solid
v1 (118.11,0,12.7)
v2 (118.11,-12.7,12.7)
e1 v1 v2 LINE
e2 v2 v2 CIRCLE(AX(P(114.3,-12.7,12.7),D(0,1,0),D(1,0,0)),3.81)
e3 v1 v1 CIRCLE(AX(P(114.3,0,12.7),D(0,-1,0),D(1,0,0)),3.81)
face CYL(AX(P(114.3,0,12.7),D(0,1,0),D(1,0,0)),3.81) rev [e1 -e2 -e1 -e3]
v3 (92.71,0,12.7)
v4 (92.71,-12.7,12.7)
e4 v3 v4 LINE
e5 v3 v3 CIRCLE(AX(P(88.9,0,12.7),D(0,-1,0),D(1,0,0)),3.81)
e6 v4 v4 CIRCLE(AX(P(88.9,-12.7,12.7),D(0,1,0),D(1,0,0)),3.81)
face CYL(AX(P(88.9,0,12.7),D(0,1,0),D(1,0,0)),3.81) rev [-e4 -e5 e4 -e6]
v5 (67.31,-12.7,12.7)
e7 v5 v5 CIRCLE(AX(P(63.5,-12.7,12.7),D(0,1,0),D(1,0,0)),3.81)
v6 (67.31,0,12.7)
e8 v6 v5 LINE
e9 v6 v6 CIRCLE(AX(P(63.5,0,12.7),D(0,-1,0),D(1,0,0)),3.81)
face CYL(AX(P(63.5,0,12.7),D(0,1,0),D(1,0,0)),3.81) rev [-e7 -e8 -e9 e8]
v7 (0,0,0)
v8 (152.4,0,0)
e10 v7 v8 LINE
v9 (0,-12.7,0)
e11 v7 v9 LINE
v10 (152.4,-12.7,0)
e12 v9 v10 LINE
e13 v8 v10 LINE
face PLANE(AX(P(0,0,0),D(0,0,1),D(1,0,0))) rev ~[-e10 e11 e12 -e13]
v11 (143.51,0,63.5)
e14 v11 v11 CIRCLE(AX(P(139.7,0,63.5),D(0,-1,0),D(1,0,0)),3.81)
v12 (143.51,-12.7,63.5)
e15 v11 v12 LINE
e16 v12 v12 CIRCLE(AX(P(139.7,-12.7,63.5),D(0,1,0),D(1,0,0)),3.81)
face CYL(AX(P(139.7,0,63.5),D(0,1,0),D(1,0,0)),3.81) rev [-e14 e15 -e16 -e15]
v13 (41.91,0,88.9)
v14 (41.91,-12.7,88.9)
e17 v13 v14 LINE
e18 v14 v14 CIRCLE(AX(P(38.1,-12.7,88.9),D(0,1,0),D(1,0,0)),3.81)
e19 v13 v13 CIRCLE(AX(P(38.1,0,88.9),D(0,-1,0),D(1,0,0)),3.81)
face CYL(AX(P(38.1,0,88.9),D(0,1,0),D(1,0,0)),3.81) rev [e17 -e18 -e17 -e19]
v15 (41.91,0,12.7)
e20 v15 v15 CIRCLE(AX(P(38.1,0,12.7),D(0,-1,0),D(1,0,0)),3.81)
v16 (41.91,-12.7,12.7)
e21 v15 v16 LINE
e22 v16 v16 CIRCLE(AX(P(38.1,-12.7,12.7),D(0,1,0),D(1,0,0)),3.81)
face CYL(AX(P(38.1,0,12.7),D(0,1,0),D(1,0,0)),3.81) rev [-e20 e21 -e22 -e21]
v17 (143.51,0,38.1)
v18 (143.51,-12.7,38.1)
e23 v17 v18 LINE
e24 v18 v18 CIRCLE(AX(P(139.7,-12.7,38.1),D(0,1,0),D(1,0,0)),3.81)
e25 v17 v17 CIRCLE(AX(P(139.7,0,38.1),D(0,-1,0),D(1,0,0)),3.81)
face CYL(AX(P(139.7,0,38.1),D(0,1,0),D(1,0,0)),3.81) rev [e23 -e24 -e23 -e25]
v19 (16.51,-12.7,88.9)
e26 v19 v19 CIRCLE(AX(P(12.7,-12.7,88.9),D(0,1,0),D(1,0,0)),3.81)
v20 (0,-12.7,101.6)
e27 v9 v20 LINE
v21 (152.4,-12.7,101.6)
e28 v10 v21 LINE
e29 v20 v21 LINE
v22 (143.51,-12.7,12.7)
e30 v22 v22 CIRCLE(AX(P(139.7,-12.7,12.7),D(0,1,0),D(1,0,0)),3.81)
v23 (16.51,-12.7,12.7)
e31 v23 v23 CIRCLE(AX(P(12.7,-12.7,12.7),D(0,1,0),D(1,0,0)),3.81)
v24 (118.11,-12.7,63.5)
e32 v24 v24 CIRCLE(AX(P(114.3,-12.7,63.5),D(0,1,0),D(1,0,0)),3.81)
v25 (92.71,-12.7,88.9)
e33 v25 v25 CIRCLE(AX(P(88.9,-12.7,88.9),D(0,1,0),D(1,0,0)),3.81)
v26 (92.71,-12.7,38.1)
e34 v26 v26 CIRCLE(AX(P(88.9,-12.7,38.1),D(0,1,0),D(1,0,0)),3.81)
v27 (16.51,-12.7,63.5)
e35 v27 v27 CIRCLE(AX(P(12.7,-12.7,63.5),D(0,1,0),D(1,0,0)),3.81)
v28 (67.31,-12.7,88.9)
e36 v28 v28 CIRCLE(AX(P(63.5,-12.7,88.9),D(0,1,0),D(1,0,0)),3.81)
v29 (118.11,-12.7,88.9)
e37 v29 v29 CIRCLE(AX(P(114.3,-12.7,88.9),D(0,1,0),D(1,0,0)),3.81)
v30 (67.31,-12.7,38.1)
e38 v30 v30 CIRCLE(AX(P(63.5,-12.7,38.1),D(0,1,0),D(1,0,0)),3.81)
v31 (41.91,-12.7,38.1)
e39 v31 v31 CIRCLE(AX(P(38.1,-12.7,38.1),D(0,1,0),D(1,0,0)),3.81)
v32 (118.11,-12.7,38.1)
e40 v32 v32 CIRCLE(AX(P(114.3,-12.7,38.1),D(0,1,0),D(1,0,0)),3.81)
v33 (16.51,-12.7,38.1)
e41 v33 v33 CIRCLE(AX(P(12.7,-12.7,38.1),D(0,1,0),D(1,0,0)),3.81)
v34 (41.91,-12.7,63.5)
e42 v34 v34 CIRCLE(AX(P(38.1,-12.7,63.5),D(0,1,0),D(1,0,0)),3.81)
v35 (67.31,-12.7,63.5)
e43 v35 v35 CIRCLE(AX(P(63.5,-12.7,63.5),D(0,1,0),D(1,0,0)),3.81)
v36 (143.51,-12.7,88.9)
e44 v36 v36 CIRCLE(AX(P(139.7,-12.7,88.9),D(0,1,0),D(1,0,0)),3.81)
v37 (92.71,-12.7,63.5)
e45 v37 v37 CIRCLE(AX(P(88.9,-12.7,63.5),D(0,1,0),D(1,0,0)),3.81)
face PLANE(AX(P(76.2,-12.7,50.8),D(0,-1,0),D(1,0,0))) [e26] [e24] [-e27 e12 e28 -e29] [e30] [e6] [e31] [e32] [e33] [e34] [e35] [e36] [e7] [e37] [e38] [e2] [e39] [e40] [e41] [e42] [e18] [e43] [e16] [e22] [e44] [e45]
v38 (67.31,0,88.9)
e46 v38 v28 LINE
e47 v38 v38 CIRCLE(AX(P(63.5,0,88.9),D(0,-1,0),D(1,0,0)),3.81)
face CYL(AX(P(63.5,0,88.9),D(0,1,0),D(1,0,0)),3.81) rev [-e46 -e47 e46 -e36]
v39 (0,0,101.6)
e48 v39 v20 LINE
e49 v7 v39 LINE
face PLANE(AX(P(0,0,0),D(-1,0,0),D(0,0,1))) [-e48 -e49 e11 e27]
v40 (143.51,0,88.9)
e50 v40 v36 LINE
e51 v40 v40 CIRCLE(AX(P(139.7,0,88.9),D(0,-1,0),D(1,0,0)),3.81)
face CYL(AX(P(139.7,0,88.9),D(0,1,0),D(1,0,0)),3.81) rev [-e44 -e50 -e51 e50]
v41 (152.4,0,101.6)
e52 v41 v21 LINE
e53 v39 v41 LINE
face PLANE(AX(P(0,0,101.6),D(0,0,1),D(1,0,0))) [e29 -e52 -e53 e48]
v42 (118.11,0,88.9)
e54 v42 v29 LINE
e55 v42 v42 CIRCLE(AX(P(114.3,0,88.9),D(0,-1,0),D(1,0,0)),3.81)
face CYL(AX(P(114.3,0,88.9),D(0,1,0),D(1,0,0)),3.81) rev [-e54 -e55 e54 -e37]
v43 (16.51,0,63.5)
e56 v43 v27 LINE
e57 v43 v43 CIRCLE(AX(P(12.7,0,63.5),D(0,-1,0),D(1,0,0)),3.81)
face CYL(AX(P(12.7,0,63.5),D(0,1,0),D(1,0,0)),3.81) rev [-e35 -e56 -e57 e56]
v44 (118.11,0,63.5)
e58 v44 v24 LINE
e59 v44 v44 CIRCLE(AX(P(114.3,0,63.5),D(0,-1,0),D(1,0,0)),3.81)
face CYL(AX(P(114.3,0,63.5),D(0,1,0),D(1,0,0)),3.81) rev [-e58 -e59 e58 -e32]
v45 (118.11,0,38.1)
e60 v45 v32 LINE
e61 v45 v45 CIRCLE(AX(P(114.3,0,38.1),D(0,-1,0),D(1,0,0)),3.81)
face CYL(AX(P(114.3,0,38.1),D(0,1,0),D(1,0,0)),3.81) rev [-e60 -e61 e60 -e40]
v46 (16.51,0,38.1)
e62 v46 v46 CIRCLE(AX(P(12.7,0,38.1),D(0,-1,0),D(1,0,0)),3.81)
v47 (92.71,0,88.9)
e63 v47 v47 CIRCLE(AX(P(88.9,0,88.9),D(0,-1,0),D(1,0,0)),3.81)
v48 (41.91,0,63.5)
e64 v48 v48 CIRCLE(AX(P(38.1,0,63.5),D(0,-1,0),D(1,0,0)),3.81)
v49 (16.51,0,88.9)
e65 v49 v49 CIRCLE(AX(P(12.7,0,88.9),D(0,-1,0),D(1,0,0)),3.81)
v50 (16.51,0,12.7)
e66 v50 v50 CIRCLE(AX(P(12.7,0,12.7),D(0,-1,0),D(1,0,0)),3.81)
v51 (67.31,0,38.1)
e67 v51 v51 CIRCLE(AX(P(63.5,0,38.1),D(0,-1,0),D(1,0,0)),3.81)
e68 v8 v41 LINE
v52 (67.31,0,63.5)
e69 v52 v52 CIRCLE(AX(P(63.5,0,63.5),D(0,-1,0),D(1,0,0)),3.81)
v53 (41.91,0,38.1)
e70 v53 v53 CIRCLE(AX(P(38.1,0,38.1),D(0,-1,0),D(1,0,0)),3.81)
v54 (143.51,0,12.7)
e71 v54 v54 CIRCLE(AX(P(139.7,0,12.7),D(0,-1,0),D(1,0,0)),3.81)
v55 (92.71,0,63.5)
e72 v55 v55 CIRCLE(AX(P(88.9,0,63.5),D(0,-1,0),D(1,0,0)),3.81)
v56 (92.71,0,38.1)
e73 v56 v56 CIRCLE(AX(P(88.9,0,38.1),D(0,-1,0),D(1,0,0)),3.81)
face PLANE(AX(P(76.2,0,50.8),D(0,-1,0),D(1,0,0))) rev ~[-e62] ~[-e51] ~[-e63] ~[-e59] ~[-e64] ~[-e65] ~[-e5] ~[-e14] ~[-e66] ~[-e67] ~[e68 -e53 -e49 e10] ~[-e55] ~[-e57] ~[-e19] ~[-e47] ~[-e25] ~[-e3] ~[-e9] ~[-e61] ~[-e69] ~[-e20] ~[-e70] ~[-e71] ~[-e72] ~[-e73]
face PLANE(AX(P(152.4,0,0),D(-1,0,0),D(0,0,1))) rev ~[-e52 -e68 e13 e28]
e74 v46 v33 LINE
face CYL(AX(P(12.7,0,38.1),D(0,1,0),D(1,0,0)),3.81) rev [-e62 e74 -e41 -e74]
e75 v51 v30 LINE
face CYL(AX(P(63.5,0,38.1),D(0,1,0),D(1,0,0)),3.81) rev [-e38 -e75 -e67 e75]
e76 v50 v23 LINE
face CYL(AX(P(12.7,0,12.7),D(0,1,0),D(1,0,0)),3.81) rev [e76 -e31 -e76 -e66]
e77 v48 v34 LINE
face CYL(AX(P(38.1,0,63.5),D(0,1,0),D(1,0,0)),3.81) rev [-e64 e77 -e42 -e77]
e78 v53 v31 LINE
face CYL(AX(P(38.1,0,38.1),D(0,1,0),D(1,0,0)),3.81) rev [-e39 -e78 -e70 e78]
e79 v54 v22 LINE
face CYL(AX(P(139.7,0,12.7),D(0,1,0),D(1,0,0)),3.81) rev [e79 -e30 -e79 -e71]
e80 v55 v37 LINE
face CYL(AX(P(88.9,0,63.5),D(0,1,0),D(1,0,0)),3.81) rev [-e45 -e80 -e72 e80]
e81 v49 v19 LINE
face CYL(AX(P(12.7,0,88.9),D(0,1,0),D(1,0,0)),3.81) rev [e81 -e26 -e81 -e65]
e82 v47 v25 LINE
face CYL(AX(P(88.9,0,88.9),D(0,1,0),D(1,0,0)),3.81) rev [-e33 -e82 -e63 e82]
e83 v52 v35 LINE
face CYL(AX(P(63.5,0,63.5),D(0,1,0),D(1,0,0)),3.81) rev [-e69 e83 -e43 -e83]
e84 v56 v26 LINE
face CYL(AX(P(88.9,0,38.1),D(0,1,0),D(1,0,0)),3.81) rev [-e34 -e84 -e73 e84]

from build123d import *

# Parameters (mm, degrees)
F0_W     = 152.4
F0_H     = 101.6
F2_DEPTH = 12.7
F1_R     = 3.81
F3_DEPTH = 25.4


with BuildPart() as f2:
    # F0 (on Front) → F2 (new body)
    with BuildSketch(Plane.XZ):
        with Locations((76.2, 50.8)):
            Rectangle(F0_W, F0_H)
    extrude(amount=F2_DEPTH)

    # F1 (on face) → F3 (cut)
    with BuildSketch(Plane.XZ):
        with Locations((12.7, 12.7)):
            Circle(F1_R)
        with Locations((12.7, 38.1)):
            Circle(F1_R)
        with Locations((12.7, 63.5)):
            Circle(F1_R)
        with Locations((12.7, 88.9)):
            Circle(F1_R)
        with Locations((38.1, 12.7)):
            Circle(F1_R)
        with Locations((38.1, 38.1)):
            Circle(F1_R)
        with Locations((38.1, 63.5)):
            Circle(F1_R)
        with Locations((38.1, 88.9)):
            Circle(F1_R)
        with Locations((63.5, 12.7)):
            Circle(F1_R)
        with Locations((63.5, 38.1)):
            Circle(F1_R)
        with Locations((63.5, 63.5)):
            Circle(F1_R)
        with Locations((63.5, 88.9)):
            Circle(F1_R)
        with Locations((88.9, 12.7)):
            Circle(F1_R)
        with Locations((88.9, 38.1)):
            Circle(F1_R)
        with Locations((88.9, 63.5)):
            Circle(F1_R)
        with Locations((88.9, 88.9)):
            Circle(F1_R)
        with Locations((114.3, 12.7)):
            Circle(F1_R)
        with Locations((114.3, 38.1)):
            Circle(F1_R)
        with Locations((114.3, 63.5)):
            Circle(F1_R)
        with Locations((114.3, 88.9)):
            Circle(F1_R)
        with Locations((139.7, 12.7)):
            Circle(F1_R)
        with Locations((139.7, 38.1)):
            Circle(F1_R)
        with Locations((139.7, 63.5)):
            Circle(F1_R)
        with Locations((139.7, 88.9)):
            Circle(F1_R)
    extrude(amount=F3_DEPTH, mode=Mode.SUBTRACT)


solid = f2.part
